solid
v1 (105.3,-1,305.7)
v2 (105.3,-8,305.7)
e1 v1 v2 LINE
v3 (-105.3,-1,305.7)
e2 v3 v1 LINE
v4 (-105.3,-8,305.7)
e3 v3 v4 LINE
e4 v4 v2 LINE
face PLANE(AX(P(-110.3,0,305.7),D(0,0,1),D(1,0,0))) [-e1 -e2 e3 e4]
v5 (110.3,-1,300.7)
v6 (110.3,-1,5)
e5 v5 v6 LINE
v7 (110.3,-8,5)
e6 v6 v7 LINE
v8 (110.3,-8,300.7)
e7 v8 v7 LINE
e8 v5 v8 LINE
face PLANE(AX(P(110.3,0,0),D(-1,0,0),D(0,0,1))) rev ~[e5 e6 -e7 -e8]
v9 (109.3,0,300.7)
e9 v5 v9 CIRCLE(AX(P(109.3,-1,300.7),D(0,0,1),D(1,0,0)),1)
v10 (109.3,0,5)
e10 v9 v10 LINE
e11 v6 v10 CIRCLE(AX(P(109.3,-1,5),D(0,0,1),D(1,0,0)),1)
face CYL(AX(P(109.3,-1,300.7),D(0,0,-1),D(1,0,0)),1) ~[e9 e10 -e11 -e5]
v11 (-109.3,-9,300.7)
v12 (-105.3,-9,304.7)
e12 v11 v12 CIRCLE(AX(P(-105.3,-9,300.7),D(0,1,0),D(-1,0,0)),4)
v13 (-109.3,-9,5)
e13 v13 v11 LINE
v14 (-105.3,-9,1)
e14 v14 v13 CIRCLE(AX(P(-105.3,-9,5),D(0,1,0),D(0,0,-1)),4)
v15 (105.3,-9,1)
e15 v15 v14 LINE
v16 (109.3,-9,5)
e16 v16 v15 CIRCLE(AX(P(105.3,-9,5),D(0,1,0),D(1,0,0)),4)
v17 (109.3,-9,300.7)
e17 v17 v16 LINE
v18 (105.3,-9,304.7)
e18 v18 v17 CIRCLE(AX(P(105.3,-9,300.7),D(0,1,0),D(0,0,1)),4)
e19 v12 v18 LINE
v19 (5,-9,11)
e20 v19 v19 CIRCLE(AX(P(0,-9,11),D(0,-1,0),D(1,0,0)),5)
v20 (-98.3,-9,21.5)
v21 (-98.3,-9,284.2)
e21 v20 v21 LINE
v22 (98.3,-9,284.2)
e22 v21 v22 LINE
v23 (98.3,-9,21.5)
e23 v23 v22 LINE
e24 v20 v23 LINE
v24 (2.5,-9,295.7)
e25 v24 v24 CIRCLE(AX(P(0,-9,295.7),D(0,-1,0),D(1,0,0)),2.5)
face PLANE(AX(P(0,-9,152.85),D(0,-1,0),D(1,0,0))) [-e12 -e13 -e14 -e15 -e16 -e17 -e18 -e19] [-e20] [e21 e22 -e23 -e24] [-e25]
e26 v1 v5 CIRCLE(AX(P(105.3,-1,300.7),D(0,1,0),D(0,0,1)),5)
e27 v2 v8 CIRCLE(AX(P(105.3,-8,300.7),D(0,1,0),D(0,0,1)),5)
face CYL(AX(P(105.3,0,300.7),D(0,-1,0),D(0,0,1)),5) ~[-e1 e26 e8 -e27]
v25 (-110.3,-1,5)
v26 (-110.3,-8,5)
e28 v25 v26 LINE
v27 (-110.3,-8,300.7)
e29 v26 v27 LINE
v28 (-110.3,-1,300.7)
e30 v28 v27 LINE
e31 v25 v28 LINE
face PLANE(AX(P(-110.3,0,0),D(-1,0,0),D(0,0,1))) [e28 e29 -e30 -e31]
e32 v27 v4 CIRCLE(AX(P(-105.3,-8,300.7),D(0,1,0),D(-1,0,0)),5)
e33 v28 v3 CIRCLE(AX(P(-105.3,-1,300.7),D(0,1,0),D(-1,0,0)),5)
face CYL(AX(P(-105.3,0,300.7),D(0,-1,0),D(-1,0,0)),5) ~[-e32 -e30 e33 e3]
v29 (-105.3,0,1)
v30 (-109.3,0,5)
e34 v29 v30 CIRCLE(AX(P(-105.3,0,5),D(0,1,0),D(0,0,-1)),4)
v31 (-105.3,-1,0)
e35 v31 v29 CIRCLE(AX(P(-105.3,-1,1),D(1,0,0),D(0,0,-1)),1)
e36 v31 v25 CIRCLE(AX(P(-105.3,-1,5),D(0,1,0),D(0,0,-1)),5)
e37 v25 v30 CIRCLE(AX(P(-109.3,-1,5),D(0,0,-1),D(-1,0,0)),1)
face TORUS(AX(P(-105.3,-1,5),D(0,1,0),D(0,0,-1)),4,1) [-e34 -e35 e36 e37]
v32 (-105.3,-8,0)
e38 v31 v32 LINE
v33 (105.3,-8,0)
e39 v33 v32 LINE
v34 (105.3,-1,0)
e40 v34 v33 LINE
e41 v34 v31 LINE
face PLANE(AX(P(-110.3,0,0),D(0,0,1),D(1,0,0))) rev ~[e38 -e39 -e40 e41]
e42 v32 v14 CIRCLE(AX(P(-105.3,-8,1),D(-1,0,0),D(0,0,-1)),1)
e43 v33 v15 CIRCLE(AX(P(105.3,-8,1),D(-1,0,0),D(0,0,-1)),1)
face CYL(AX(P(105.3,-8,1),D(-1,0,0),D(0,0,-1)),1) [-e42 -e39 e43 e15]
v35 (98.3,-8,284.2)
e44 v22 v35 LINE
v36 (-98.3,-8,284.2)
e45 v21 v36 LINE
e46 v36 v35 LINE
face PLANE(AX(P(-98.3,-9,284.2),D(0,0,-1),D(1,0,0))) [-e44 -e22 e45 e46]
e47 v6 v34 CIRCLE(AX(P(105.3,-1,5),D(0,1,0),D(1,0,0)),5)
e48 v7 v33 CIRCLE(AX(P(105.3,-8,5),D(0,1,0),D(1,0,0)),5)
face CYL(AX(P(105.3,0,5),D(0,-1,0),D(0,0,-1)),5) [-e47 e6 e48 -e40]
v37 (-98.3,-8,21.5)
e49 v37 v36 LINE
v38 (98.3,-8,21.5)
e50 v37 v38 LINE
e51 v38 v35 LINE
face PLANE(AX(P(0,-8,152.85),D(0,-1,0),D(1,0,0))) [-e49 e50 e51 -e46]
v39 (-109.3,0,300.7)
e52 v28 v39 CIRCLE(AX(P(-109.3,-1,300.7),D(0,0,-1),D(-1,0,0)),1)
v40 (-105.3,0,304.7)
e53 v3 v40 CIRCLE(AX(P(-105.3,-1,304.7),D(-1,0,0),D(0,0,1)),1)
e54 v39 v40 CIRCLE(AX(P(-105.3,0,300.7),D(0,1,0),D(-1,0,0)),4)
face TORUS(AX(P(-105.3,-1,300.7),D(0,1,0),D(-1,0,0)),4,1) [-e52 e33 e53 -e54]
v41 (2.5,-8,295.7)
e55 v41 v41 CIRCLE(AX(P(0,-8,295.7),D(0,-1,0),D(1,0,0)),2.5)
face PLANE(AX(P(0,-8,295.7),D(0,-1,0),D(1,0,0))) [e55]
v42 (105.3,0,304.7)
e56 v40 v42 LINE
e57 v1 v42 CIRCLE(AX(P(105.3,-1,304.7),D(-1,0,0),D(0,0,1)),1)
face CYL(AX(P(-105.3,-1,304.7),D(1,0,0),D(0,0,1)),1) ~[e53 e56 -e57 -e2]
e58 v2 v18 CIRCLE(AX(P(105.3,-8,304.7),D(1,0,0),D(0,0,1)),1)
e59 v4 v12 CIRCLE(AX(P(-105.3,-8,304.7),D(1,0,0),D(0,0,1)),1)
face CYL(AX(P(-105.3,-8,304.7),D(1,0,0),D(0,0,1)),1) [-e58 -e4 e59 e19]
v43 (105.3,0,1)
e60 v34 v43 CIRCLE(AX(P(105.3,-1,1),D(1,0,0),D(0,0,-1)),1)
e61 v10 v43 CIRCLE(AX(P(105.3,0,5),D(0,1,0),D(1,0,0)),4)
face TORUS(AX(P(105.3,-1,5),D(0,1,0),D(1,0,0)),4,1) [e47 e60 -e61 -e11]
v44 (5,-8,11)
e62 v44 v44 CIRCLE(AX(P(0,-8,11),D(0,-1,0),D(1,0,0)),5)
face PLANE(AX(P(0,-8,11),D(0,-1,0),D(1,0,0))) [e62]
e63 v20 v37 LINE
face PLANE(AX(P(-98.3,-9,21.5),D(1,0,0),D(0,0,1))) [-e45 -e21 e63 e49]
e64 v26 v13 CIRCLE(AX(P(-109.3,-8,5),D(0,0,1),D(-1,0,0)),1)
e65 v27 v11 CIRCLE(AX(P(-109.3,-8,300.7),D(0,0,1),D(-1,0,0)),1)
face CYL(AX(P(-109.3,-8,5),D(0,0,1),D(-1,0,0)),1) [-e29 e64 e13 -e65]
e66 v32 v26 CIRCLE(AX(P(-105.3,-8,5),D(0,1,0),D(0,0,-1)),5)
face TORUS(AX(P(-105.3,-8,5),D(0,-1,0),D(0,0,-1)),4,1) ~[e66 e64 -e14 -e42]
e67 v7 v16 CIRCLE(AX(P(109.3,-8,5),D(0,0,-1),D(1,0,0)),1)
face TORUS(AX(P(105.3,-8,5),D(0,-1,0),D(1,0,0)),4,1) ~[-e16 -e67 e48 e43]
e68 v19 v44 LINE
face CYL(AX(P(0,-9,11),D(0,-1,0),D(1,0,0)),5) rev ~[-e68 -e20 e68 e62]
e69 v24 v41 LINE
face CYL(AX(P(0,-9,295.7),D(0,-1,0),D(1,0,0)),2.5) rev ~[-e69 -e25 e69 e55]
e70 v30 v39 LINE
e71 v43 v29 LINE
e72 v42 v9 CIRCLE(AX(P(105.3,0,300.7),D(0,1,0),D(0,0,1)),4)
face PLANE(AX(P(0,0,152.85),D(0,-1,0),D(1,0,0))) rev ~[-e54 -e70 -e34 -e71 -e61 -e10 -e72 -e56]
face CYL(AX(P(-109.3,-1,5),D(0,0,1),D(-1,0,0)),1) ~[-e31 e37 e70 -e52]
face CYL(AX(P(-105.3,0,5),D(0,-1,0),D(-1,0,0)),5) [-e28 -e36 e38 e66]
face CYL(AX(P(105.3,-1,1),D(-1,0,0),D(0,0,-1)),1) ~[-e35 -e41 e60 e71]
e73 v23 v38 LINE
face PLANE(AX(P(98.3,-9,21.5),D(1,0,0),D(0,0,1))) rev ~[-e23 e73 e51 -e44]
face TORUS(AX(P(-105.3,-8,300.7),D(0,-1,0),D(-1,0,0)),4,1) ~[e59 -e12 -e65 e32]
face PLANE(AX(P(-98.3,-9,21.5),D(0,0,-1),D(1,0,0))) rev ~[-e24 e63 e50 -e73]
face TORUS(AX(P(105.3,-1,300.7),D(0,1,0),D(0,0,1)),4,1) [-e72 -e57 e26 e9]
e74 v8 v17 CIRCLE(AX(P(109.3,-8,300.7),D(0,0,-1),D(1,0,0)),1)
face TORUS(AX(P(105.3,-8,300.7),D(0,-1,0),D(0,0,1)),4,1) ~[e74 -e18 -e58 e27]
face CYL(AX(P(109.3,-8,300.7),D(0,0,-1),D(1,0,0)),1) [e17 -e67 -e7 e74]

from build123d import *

# Parameters (mm, degrees)
F0_W     = 220.6
F0_H     = 305.7
F1_DEPTH = 9
F2_W     = 196.6
F2_H     = 262.7
F3_DEPTH = 1
F4_R     = 2.5
F4_R_2   = 5
F5_DEPTH = 1
F6_R     = 5
F7_R     = 1


with BuildPart() as f1:
    # F0 (on Front) → F1 (new body)
    with BuildSketch(Plane.XZ):
        with Locations((0, 152.85)):
            Rectangle(F0_W, F0_H)
    extrude(amount=F1_DEPTH)

    # F2 (on face) → F3 (cut)
    with BuildSketch(Plane.XZ.offset(9)):
        with Locations((0, 152.85)):
            Rectangle(F2_W, F2_H)
    extrude(amount=-F3_DEPTH, mode=Mode.SUBTRACT)

    # F4 (on face) → F5 (cut)
    with BuildSketch(Plane.XZ.offset(9)):
        with Locations((0, 295.7)):
            Circle(F4_R)
        with Locations((0, 11)):
            Circle(F4_R_2)
    extrude(amount=-F5_DEPTH, mode=Mode.SUBTRACT)

    # F6
    f6_edges = [f1.edges().sort_by_distance(p)[0] for p in [
        (-110.3, -4.5, 0),
        (110.3, -4.5, 0),
        (110.3, -4.5, 305.7),
        (-110.3, -4.5, 305.7),
    ]]
    fillet(f6_edges, radius=F6_R)

    # F7
    f7_edges = [f1.edges().sort_by_distance(p)[0] for p in [
        (-110.3, -9, 152.85),
        (-110.3, 0, 152.85),
    ]]
    fillet(f7_edges, radius=F7_R)


solid = f1.part
